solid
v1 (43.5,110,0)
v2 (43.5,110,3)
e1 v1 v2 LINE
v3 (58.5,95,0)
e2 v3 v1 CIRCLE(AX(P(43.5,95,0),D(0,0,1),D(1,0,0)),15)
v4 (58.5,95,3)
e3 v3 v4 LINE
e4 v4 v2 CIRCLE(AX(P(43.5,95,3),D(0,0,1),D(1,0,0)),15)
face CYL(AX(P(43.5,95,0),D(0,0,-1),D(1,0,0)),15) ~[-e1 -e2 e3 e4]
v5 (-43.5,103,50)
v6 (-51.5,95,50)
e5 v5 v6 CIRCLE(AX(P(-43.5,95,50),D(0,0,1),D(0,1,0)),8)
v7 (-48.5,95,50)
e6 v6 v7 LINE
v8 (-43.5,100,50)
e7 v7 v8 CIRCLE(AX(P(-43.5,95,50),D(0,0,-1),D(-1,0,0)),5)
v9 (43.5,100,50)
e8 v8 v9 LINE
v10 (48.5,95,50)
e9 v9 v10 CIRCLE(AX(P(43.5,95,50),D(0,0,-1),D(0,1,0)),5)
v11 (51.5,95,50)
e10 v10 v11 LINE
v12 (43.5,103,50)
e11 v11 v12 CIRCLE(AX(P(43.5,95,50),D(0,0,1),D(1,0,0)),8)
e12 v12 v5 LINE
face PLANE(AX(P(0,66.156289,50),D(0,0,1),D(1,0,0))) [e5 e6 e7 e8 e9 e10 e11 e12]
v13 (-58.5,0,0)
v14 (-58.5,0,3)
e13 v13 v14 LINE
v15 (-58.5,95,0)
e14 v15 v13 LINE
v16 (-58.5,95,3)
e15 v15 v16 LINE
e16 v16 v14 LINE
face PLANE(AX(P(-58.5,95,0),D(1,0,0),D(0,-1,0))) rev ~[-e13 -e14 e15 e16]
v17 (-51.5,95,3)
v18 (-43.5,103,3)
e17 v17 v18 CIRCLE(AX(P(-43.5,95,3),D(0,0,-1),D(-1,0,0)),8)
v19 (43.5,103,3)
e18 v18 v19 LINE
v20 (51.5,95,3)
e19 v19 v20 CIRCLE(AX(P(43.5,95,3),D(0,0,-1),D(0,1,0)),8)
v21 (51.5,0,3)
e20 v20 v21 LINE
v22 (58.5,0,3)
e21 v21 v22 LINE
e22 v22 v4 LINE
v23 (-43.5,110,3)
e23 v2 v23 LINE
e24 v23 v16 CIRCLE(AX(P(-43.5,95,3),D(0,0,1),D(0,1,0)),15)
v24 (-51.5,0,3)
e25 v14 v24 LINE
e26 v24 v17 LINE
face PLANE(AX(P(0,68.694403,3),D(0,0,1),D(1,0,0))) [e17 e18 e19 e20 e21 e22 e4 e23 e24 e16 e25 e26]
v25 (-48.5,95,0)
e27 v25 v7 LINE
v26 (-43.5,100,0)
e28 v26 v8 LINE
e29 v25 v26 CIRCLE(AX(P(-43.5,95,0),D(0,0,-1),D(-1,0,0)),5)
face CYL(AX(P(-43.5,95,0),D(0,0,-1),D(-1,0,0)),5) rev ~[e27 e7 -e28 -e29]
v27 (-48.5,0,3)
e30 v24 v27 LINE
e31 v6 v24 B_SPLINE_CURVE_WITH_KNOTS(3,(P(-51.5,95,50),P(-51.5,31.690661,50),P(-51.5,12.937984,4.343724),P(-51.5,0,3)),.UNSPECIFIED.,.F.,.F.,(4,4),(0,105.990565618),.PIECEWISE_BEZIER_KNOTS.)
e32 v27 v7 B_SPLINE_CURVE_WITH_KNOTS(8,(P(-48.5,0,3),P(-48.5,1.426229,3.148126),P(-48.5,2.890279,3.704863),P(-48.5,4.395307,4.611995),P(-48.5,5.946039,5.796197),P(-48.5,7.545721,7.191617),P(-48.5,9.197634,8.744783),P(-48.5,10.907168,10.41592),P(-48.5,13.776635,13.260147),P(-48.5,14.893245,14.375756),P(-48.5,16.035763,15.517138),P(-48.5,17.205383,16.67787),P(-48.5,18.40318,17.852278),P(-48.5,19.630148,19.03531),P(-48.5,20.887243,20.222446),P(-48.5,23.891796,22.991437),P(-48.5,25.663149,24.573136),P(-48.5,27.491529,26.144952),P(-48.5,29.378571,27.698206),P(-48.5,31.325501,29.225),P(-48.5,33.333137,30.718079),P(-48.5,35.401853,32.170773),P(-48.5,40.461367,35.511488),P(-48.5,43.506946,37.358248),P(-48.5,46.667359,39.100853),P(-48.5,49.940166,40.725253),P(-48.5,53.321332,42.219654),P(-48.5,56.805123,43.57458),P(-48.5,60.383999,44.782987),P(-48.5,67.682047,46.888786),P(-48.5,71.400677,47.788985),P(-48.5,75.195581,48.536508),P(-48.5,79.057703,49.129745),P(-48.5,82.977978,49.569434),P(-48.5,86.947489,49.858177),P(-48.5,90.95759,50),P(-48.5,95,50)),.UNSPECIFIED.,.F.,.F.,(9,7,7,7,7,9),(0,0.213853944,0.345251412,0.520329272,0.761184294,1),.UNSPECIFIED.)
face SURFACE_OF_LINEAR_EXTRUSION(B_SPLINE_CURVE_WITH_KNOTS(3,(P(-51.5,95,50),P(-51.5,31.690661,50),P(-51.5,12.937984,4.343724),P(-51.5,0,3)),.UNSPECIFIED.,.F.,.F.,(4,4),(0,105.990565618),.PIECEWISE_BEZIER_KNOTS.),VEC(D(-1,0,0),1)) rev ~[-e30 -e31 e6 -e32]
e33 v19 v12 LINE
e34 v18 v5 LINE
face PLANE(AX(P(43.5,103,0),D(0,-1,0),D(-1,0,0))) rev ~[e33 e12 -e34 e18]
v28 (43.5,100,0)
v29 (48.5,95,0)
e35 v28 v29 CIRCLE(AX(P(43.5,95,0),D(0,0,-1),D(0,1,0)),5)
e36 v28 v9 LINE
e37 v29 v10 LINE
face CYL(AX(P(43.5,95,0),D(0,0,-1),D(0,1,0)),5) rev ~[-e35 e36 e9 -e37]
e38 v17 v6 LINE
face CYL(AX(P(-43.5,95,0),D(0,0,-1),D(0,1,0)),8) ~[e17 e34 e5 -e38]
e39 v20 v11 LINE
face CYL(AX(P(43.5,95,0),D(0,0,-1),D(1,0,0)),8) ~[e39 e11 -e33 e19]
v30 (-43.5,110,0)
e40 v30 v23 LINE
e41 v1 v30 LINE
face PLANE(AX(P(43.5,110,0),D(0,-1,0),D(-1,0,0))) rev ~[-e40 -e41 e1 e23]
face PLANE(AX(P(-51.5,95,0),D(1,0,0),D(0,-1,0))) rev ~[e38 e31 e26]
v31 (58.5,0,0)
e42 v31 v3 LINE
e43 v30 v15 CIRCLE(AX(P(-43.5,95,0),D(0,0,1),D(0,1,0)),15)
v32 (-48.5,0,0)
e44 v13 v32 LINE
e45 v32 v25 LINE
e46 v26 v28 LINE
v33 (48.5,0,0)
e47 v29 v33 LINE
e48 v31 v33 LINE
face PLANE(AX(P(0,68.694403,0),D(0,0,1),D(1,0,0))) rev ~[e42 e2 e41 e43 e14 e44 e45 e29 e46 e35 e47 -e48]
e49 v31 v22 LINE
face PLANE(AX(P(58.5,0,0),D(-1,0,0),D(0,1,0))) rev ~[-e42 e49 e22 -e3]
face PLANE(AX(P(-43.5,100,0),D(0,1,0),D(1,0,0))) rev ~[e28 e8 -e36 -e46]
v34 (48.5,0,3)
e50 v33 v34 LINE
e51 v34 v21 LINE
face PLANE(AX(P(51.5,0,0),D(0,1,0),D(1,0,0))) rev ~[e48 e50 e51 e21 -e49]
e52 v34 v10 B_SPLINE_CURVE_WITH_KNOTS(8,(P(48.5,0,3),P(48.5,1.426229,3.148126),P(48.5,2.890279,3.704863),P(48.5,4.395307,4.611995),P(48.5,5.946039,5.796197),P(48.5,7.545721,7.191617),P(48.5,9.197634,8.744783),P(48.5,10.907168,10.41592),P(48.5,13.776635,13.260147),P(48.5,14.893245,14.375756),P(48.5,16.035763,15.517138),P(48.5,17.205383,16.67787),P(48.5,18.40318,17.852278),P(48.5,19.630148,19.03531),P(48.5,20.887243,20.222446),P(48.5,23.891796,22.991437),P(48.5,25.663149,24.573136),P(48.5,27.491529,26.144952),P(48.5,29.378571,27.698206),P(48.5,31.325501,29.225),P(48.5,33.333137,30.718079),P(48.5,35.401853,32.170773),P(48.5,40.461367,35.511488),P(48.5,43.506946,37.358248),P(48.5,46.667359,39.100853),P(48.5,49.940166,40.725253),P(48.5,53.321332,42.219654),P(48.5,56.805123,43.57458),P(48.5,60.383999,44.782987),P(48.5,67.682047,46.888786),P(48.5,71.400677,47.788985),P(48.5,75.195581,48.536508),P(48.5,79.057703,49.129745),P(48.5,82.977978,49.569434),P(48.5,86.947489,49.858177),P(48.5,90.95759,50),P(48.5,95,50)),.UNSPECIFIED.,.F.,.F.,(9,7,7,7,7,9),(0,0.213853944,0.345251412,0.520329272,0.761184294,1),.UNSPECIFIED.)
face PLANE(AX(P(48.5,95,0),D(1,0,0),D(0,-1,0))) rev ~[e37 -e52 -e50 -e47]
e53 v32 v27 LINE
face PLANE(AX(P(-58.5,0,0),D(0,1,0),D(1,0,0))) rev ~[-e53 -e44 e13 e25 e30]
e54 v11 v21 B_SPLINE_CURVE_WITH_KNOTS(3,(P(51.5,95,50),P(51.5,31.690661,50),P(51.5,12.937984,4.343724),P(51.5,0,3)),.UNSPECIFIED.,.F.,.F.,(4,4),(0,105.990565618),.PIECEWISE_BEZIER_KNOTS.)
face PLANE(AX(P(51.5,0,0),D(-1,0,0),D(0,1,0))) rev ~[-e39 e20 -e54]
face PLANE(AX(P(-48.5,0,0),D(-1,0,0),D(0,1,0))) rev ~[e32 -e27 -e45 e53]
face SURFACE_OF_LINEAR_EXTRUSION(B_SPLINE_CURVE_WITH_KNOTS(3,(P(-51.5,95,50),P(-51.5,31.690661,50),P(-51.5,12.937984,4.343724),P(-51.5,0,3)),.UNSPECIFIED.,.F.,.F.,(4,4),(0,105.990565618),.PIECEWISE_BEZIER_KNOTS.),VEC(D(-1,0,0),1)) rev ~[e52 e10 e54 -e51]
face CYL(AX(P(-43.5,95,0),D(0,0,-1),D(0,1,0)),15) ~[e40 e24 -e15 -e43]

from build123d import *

# Parameters (mm, degrees)
F1_DEPTH = 50
F2_DEPTH = 3
F4_DEPTH = 103


with BuildPart() as f1:
    # F0 (on Top) → F1 (new body)
    with BuildSketch(Plane.XY):
        with BuildLine():
            Line((-51.5, 0), (-48.5, 0))
            Line((-48.5, 0), (-48.5, 95))
            ThreePointArc((-48.5, 95), (-47.0355339059, 98.5355339059), (-43.5, 100))
            Line((-43.5, 100), (43.5, 100))
            ThreePointArc((43.5, 100), (47.0355339059, 98.5355339059), (48.5, 95))
            Line((48.5, 95), (48.5, 0))
            Line((48.5, 0), (51.5, 0))
            Line((51.5, 0), (51.5, 95))
            ThreePointArc((51.5, 95), (49.1568542495, 100.6568542495), (43.5, 103))
            Line((43.5, 103), (-43.5, 103))
            ThreePointArc((-43.5, 103), (-49.1568542495, 100.6568542495), (-51.5, 95))
            Line((-51.5, 95), (-51.5, 0))
        make_face()
    extrude(amount=F1_DEPTH)

    # F0 (on Top) → F2 (join)
    with BuildSketch(Plane.XY):
        with BuildLine():
            Line((-58.5, 0), (-51.5, 0))
            Line((-51.5, 0), (-51.5, 95))
            ThreePointArc((-51.5, 95), (-49.1568542495, 100.6568542495), (-43.5, 103))
            Line((-43.5, 103), (43.5, 103))
            ThreePointArc((43.5, 103), (49.1568542495, 100.6568542495), (51.5, 95))
            Line((51.5, 95), (51.5, 0))
            Line((51.5, 0), (58.5, 0))
            Line((58.5, 0), (58.5, 95))
            ThreePointArc((58.5, 95), (54.1066017178, 105.6066017178), (43.5, 110))
            Line((43.5, 110), (-43.5, 110))
            ThreePointArc((-43.5, 110), (-54.1066017178, 105.6066017178), (-58.5, 95))
            Line((-58.5, 95), (-58.5, 0))
        make_face()
    extrude(amount=F2_DEPTH)

    # F3 (on face) → F4 (cut, through all)
    with BuildSketch(Plane(origin=(-51.5, 0, 0), x_dir=(0, -1, 0), z_dir=(-1, 0, 0))):
        with BuildLine():
            Line((0, 50), (-95, 50))
            add(Edge.make_bspline(
                [(-95, 50), (-31.6906612889, 50), (-12.9379844293, 4.3437238783), (0, 3)],
                knots=[0, 0, 0, 0, 105.9905656179, 105.9905656179, 105.9905656179, 105.9905656179], degree=3))
            Line((0, 3), (0, 50))
        make_face()
    extrude(amount=-F4_DEPTH, mode=Mode.SUBTRACT)


solid = f1.part
